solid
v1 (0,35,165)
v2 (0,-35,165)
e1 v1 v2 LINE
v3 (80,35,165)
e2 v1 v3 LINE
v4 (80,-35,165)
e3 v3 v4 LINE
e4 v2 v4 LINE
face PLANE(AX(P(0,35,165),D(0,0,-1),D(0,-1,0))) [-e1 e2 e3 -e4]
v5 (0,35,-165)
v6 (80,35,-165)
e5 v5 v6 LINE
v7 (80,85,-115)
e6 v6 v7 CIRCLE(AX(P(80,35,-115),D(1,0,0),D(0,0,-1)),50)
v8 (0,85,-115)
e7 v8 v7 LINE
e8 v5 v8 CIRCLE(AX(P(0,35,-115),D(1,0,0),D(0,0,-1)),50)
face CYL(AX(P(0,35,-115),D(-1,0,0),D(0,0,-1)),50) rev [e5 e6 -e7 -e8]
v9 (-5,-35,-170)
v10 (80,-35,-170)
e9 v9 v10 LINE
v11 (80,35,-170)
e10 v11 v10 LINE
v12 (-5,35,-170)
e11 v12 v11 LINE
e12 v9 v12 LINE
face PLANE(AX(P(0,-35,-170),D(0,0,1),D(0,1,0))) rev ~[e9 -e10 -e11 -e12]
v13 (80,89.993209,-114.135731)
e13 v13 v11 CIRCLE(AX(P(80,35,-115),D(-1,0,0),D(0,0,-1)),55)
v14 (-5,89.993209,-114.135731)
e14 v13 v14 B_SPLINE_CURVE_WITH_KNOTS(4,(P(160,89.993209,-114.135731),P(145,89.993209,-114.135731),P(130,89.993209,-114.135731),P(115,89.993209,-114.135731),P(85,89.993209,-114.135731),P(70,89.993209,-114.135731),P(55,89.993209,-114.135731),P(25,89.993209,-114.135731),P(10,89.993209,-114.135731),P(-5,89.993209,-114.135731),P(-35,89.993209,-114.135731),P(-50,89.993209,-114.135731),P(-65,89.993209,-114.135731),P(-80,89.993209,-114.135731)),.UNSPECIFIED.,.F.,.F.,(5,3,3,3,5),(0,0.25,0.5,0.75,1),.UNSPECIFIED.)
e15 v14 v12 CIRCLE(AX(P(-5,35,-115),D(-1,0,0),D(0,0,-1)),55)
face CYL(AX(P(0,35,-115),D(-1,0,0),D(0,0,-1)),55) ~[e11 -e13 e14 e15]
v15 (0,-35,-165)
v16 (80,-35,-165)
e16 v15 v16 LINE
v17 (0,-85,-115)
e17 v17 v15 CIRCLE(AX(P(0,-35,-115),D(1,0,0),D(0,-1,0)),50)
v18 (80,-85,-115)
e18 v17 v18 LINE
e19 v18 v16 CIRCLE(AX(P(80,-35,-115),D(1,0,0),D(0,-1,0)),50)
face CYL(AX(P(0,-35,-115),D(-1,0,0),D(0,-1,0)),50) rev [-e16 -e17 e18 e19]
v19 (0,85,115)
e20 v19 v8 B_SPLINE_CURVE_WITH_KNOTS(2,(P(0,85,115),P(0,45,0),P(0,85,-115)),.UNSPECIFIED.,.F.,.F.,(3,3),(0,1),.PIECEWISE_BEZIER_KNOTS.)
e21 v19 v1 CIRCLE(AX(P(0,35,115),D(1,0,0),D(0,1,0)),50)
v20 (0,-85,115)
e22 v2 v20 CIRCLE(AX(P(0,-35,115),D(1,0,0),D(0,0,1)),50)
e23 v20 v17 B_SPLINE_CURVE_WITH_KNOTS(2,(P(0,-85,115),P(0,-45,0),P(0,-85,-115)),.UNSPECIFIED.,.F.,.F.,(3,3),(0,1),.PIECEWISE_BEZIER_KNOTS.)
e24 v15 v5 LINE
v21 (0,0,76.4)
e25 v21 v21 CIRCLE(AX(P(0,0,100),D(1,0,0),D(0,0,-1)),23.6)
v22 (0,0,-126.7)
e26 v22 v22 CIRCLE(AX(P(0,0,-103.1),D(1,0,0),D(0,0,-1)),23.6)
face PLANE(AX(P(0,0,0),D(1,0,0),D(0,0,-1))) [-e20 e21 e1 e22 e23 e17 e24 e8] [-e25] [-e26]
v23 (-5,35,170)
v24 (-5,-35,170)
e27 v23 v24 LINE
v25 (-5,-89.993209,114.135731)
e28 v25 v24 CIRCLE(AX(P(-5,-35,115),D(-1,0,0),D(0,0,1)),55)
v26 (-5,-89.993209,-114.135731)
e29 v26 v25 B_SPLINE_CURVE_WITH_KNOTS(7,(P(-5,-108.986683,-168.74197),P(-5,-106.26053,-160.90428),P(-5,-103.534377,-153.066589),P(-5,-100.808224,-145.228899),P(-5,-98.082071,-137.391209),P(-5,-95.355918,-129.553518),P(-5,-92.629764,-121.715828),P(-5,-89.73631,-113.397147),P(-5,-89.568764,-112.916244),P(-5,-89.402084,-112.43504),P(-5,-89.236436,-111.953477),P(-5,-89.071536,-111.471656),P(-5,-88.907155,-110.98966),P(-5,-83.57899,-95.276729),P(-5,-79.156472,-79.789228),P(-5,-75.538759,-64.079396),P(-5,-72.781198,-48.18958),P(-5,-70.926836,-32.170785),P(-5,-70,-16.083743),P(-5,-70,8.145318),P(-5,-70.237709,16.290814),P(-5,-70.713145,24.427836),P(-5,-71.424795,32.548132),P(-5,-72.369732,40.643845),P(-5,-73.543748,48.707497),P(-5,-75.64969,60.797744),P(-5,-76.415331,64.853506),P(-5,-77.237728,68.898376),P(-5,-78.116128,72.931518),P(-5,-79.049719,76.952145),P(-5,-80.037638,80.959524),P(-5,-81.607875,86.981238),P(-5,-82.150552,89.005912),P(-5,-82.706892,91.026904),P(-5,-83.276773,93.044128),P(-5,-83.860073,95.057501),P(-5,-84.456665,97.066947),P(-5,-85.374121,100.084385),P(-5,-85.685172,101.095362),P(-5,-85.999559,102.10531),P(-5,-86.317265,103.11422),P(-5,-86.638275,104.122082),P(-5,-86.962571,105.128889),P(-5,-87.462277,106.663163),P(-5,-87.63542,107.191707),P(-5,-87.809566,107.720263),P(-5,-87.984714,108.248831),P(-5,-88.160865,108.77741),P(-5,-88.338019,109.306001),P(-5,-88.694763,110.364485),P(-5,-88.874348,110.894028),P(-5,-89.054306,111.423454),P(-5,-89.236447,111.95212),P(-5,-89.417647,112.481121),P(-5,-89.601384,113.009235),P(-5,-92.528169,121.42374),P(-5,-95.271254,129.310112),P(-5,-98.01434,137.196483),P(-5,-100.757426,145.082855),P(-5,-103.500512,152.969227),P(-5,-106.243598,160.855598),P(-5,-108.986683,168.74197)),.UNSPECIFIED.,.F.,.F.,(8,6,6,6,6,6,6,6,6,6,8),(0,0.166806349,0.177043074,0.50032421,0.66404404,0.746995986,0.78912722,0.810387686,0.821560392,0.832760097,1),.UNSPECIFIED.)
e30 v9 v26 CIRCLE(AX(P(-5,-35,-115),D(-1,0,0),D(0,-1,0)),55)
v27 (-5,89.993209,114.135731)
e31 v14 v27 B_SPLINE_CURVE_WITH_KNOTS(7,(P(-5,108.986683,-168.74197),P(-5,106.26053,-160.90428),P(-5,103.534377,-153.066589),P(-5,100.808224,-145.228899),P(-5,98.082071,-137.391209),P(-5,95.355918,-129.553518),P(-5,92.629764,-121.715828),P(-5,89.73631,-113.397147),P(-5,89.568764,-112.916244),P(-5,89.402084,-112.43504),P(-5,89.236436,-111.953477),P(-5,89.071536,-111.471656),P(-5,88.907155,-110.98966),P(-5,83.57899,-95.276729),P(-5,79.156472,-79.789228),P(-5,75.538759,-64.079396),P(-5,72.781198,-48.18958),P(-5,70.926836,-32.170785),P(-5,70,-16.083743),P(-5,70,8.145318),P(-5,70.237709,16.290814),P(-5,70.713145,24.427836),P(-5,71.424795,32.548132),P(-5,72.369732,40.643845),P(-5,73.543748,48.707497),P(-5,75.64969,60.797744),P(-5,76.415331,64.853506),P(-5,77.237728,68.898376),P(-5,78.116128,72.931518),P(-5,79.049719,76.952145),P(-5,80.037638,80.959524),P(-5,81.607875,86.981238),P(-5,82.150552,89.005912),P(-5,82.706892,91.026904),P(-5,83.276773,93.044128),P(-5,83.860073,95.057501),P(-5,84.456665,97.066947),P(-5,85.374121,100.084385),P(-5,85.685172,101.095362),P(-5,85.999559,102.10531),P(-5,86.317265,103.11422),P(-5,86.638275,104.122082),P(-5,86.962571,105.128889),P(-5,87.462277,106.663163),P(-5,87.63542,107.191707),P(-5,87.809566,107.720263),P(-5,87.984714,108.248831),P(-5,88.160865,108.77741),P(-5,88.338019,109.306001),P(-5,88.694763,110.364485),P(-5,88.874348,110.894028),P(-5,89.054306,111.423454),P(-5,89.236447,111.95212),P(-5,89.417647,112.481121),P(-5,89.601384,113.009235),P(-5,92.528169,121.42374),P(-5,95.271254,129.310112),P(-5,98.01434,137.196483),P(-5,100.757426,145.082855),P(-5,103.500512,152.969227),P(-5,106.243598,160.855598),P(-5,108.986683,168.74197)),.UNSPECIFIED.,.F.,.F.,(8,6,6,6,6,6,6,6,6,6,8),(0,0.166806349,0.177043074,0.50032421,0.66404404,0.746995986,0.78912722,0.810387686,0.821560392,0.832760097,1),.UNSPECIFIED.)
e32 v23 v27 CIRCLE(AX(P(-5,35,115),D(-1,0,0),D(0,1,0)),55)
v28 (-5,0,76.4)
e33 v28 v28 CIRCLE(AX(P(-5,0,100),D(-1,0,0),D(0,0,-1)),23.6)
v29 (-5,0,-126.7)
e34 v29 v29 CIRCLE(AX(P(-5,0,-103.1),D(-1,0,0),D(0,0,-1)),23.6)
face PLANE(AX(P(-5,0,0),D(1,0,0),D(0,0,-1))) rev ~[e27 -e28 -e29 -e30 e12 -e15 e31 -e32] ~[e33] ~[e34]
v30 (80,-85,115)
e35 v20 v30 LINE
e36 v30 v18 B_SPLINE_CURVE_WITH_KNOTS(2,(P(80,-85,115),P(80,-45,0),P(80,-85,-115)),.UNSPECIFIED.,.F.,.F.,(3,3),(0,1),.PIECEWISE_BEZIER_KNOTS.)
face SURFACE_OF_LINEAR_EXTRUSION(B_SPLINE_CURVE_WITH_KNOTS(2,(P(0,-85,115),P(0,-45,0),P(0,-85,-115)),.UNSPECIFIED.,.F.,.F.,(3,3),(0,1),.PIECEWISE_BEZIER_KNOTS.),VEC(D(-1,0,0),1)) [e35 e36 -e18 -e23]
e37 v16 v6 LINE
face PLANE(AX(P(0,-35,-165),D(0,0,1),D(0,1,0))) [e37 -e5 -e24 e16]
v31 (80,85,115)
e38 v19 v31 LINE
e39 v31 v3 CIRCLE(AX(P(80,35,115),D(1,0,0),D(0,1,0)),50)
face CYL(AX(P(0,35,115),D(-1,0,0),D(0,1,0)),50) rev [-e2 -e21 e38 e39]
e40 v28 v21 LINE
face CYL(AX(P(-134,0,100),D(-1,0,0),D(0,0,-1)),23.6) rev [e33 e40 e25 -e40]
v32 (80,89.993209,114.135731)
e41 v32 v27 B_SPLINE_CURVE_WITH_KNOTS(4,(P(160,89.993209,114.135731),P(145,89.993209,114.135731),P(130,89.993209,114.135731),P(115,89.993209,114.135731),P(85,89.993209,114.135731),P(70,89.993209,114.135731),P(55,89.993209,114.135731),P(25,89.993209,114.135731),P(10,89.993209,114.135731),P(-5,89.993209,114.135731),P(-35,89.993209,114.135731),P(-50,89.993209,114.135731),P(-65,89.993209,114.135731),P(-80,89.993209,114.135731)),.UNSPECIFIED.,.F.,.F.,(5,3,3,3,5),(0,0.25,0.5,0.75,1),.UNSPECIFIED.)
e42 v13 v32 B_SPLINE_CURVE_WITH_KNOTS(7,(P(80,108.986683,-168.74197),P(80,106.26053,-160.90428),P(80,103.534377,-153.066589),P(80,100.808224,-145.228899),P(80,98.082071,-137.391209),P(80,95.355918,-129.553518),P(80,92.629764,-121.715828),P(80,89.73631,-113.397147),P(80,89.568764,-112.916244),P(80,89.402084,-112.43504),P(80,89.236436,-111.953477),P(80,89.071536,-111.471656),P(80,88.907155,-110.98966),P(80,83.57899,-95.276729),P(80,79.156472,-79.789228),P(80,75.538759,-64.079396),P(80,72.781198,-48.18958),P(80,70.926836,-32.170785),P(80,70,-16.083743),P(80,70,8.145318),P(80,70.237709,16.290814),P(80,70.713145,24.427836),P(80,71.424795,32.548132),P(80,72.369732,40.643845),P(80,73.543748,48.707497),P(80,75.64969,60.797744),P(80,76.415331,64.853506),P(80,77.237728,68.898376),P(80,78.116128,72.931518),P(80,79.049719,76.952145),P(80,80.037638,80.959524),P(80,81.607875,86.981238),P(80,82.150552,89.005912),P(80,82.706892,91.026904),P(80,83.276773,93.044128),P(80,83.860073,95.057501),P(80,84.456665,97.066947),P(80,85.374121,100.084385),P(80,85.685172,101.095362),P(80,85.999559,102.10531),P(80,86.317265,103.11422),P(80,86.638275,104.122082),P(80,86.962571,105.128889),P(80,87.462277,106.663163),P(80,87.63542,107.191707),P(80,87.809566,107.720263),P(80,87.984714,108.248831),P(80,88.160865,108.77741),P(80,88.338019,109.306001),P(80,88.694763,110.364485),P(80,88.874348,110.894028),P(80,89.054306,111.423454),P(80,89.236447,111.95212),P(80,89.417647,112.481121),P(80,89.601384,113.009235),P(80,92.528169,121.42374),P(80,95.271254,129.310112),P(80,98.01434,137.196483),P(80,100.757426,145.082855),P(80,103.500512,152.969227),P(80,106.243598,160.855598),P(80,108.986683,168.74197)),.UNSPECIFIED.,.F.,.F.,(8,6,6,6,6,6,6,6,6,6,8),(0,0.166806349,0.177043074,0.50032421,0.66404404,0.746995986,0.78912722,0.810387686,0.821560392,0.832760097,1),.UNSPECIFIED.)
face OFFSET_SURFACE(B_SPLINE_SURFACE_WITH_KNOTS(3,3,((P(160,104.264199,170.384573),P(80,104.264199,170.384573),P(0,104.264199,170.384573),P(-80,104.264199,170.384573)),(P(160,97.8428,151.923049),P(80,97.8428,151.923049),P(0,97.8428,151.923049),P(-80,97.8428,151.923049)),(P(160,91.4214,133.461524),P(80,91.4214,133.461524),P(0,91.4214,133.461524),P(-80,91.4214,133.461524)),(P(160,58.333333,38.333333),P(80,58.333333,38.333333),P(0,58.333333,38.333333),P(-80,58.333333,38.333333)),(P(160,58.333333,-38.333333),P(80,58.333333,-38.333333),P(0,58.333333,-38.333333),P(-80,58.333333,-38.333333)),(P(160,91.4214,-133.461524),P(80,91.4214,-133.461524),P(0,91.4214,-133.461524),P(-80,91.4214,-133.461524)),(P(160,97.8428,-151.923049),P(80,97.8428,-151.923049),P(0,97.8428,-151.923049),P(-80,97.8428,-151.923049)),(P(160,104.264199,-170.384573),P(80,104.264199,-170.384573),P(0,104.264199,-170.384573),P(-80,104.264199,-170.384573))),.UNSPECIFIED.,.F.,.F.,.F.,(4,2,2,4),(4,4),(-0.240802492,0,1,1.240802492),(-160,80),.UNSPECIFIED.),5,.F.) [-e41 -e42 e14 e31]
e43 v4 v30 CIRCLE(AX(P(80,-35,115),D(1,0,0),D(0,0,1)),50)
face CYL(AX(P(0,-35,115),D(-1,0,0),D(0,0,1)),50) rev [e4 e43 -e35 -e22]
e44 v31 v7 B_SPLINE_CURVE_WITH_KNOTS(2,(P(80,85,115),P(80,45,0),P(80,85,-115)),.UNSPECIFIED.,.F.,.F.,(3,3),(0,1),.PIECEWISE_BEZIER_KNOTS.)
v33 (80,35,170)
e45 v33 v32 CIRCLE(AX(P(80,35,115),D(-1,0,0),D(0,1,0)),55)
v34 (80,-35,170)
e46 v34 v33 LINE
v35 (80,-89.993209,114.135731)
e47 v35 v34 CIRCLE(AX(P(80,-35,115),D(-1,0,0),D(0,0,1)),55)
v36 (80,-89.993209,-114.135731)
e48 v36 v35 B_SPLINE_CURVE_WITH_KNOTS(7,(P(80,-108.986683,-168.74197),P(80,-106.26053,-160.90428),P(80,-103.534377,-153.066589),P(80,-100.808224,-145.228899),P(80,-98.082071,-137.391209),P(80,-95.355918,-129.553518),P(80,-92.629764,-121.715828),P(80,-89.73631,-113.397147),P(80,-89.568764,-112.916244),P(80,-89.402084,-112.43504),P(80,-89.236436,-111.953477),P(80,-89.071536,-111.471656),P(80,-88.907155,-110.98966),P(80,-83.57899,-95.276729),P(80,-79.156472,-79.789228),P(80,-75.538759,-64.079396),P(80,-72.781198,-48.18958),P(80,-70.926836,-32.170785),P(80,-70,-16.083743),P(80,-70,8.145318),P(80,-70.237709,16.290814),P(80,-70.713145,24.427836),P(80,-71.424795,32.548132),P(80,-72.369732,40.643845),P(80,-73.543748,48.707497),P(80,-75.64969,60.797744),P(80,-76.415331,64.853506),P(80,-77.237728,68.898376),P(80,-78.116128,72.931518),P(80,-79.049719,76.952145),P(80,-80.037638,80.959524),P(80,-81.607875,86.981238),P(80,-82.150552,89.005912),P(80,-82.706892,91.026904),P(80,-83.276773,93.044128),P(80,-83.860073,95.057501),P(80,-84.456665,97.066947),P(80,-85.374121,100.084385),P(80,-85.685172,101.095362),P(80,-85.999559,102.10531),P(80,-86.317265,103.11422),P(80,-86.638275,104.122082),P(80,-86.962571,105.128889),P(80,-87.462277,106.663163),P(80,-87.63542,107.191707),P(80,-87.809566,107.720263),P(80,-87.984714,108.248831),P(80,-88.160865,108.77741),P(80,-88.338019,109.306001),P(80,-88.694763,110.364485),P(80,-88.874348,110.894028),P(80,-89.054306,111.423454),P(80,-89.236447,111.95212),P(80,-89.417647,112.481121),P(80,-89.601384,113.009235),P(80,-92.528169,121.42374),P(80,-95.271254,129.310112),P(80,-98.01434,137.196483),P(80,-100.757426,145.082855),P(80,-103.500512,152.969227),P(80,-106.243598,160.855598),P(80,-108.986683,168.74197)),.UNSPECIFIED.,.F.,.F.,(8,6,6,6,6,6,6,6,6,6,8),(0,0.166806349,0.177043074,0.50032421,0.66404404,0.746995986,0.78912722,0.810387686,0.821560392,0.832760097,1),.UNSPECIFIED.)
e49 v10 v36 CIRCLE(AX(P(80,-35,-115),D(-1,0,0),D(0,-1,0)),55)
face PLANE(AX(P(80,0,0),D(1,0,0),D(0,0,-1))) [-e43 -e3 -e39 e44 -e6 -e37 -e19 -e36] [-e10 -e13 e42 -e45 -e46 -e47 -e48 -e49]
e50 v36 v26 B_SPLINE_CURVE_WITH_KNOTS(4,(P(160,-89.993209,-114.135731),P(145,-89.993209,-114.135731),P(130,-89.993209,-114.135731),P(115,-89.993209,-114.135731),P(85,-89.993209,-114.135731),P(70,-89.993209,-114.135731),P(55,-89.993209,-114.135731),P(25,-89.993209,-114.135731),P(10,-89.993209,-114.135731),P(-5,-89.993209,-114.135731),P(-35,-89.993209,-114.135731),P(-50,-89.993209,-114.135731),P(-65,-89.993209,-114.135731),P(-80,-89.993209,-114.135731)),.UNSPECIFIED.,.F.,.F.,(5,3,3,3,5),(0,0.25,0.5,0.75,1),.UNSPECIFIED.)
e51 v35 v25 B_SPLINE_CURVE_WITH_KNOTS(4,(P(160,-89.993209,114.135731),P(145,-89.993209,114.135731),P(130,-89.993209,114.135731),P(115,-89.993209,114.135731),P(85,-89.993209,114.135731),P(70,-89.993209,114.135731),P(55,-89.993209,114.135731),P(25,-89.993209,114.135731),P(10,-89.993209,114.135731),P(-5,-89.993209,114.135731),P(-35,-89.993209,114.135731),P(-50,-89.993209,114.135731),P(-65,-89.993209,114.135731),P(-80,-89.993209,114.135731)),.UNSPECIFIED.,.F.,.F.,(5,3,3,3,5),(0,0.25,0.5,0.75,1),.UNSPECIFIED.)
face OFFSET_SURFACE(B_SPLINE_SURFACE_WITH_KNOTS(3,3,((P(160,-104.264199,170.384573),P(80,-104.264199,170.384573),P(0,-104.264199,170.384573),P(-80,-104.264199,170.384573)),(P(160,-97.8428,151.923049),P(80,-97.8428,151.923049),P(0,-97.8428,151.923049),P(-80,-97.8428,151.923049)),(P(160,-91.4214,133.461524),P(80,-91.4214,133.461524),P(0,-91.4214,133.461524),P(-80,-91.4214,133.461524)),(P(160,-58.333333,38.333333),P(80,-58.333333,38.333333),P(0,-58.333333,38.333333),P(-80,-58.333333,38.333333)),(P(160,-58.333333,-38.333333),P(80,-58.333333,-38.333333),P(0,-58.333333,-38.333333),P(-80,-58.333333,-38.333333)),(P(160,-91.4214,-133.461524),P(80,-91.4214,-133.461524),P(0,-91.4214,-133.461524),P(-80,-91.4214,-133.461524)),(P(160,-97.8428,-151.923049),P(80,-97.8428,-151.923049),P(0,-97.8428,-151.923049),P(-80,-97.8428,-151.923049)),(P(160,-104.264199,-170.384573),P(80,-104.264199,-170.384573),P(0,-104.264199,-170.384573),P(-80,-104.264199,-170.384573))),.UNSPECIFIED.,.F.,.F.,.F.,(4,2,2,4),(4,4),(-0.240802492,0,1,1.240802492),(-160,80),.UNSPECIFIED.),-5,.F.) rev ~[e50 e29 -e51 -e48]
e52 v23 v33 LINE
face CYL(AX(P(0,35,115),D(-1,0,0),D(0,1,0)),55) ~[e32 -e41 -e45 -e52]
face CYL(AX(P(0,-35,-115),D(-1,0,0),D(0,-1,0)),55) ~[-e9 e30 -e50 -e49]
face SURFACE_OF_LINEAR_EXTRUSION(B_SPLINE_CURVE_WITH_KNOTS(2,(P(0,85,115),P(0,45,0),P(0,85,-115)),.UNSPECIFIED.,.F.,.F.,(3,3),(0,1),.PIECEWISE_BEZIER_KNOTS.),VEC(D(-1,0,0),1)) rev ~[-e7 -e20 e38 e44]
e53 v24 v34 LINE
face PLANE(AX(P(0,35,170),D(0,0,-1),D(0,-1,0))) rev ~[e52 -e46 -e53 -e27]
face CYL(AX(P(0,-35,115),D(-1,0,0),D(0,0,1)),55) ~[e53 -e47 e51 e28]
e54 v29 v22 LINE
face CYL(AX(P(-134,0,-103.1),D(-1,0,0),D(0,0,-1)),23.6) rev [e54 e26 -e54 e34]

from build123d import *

# Parameters (mm, degrees)
CROQUIS1_R              = 23.6
SALIENTE_EXTRUIR1_DEPTH = 80
VACIADO1_T              = 5
CORTAR_EXTRUIR1_START   = -214
CROQUIS2_R              = 23.6
CORTAR_EXTRUIR1_DEPTH   = 214


with BuildPart() as part:
    # Croquis1 → Saliente-Extruir1 (new body)
    with BuildSketch(Plane(origin=(0, 0, 0), x_dir=(0, 0, -1), z_dir=(1, 0, 0))):
        with BuildLine():
            Line((165, -35), (165, 35))
            ThreePointArc((165, 35), (150.355339059, 70.355339059), (115, 85))
            add(Edge.make_bspline(
                [(-115, 85), (0, 45), (115, 85)],
                knots=[0, 0, 0, 1, 1, 1], degree=2))
            ThreePointArc((-115, 85), (-150.355339059, 70.355339059), (-165, 35))
            Line((-165, 35), (-165, -35))
            ThreePointArc((-165, -35), (-150.355339059, -70.355339059), (-115, -85))
            add(Edge.make_bspline(
                [(-115, -85), (0, -45), (115, -85)],
                knots=[0, 0, 0, 1, 1, 1], degree=2))
            ThreePointArc((115, -85), (150.355339059, -70.355339059), (165, -35))
        make_face()
        with Locations((-100, 0)):
            Circle(CROQUIS1_R, mode=Mode.SUBTRACT)
        with Locations((103.1, 0)):
            Circle(CROQUIS1_R, mode=Mode.SUBTRACT)
    extrude(amount=SALIENTE_EXTRUIR1_DEPTH)

    # Vaciado1
    vaciado1_openings = [part.faces().sort_by_distance(p)[0] for p in [
        (80, 0, 0.122383932),
    ]]
    offset(amount=VACIADO1_T, openings=vaciado1_openings, kind=Kind.INTERSECTION)

    # Croquis2 → Cortar-Extruir1 (cut)
    with BuildSketch(Plane(origin=(80, 0, 0), x_dir=(0, 0, -1), z_dir=(1, 0, 0)).offset(CORTAR_EXTRUIR1_START)):
        with Locations((-100, 0)):
            Circle(CROQUIS2_R)
        with Locations((103.1, 0)):
            Circle(CROQUIS2_R)
    extrude(amount=CORTAR_EXTRUIR1_DEPTH, mode=Mode.SUBTRACT)


solid = part.part
